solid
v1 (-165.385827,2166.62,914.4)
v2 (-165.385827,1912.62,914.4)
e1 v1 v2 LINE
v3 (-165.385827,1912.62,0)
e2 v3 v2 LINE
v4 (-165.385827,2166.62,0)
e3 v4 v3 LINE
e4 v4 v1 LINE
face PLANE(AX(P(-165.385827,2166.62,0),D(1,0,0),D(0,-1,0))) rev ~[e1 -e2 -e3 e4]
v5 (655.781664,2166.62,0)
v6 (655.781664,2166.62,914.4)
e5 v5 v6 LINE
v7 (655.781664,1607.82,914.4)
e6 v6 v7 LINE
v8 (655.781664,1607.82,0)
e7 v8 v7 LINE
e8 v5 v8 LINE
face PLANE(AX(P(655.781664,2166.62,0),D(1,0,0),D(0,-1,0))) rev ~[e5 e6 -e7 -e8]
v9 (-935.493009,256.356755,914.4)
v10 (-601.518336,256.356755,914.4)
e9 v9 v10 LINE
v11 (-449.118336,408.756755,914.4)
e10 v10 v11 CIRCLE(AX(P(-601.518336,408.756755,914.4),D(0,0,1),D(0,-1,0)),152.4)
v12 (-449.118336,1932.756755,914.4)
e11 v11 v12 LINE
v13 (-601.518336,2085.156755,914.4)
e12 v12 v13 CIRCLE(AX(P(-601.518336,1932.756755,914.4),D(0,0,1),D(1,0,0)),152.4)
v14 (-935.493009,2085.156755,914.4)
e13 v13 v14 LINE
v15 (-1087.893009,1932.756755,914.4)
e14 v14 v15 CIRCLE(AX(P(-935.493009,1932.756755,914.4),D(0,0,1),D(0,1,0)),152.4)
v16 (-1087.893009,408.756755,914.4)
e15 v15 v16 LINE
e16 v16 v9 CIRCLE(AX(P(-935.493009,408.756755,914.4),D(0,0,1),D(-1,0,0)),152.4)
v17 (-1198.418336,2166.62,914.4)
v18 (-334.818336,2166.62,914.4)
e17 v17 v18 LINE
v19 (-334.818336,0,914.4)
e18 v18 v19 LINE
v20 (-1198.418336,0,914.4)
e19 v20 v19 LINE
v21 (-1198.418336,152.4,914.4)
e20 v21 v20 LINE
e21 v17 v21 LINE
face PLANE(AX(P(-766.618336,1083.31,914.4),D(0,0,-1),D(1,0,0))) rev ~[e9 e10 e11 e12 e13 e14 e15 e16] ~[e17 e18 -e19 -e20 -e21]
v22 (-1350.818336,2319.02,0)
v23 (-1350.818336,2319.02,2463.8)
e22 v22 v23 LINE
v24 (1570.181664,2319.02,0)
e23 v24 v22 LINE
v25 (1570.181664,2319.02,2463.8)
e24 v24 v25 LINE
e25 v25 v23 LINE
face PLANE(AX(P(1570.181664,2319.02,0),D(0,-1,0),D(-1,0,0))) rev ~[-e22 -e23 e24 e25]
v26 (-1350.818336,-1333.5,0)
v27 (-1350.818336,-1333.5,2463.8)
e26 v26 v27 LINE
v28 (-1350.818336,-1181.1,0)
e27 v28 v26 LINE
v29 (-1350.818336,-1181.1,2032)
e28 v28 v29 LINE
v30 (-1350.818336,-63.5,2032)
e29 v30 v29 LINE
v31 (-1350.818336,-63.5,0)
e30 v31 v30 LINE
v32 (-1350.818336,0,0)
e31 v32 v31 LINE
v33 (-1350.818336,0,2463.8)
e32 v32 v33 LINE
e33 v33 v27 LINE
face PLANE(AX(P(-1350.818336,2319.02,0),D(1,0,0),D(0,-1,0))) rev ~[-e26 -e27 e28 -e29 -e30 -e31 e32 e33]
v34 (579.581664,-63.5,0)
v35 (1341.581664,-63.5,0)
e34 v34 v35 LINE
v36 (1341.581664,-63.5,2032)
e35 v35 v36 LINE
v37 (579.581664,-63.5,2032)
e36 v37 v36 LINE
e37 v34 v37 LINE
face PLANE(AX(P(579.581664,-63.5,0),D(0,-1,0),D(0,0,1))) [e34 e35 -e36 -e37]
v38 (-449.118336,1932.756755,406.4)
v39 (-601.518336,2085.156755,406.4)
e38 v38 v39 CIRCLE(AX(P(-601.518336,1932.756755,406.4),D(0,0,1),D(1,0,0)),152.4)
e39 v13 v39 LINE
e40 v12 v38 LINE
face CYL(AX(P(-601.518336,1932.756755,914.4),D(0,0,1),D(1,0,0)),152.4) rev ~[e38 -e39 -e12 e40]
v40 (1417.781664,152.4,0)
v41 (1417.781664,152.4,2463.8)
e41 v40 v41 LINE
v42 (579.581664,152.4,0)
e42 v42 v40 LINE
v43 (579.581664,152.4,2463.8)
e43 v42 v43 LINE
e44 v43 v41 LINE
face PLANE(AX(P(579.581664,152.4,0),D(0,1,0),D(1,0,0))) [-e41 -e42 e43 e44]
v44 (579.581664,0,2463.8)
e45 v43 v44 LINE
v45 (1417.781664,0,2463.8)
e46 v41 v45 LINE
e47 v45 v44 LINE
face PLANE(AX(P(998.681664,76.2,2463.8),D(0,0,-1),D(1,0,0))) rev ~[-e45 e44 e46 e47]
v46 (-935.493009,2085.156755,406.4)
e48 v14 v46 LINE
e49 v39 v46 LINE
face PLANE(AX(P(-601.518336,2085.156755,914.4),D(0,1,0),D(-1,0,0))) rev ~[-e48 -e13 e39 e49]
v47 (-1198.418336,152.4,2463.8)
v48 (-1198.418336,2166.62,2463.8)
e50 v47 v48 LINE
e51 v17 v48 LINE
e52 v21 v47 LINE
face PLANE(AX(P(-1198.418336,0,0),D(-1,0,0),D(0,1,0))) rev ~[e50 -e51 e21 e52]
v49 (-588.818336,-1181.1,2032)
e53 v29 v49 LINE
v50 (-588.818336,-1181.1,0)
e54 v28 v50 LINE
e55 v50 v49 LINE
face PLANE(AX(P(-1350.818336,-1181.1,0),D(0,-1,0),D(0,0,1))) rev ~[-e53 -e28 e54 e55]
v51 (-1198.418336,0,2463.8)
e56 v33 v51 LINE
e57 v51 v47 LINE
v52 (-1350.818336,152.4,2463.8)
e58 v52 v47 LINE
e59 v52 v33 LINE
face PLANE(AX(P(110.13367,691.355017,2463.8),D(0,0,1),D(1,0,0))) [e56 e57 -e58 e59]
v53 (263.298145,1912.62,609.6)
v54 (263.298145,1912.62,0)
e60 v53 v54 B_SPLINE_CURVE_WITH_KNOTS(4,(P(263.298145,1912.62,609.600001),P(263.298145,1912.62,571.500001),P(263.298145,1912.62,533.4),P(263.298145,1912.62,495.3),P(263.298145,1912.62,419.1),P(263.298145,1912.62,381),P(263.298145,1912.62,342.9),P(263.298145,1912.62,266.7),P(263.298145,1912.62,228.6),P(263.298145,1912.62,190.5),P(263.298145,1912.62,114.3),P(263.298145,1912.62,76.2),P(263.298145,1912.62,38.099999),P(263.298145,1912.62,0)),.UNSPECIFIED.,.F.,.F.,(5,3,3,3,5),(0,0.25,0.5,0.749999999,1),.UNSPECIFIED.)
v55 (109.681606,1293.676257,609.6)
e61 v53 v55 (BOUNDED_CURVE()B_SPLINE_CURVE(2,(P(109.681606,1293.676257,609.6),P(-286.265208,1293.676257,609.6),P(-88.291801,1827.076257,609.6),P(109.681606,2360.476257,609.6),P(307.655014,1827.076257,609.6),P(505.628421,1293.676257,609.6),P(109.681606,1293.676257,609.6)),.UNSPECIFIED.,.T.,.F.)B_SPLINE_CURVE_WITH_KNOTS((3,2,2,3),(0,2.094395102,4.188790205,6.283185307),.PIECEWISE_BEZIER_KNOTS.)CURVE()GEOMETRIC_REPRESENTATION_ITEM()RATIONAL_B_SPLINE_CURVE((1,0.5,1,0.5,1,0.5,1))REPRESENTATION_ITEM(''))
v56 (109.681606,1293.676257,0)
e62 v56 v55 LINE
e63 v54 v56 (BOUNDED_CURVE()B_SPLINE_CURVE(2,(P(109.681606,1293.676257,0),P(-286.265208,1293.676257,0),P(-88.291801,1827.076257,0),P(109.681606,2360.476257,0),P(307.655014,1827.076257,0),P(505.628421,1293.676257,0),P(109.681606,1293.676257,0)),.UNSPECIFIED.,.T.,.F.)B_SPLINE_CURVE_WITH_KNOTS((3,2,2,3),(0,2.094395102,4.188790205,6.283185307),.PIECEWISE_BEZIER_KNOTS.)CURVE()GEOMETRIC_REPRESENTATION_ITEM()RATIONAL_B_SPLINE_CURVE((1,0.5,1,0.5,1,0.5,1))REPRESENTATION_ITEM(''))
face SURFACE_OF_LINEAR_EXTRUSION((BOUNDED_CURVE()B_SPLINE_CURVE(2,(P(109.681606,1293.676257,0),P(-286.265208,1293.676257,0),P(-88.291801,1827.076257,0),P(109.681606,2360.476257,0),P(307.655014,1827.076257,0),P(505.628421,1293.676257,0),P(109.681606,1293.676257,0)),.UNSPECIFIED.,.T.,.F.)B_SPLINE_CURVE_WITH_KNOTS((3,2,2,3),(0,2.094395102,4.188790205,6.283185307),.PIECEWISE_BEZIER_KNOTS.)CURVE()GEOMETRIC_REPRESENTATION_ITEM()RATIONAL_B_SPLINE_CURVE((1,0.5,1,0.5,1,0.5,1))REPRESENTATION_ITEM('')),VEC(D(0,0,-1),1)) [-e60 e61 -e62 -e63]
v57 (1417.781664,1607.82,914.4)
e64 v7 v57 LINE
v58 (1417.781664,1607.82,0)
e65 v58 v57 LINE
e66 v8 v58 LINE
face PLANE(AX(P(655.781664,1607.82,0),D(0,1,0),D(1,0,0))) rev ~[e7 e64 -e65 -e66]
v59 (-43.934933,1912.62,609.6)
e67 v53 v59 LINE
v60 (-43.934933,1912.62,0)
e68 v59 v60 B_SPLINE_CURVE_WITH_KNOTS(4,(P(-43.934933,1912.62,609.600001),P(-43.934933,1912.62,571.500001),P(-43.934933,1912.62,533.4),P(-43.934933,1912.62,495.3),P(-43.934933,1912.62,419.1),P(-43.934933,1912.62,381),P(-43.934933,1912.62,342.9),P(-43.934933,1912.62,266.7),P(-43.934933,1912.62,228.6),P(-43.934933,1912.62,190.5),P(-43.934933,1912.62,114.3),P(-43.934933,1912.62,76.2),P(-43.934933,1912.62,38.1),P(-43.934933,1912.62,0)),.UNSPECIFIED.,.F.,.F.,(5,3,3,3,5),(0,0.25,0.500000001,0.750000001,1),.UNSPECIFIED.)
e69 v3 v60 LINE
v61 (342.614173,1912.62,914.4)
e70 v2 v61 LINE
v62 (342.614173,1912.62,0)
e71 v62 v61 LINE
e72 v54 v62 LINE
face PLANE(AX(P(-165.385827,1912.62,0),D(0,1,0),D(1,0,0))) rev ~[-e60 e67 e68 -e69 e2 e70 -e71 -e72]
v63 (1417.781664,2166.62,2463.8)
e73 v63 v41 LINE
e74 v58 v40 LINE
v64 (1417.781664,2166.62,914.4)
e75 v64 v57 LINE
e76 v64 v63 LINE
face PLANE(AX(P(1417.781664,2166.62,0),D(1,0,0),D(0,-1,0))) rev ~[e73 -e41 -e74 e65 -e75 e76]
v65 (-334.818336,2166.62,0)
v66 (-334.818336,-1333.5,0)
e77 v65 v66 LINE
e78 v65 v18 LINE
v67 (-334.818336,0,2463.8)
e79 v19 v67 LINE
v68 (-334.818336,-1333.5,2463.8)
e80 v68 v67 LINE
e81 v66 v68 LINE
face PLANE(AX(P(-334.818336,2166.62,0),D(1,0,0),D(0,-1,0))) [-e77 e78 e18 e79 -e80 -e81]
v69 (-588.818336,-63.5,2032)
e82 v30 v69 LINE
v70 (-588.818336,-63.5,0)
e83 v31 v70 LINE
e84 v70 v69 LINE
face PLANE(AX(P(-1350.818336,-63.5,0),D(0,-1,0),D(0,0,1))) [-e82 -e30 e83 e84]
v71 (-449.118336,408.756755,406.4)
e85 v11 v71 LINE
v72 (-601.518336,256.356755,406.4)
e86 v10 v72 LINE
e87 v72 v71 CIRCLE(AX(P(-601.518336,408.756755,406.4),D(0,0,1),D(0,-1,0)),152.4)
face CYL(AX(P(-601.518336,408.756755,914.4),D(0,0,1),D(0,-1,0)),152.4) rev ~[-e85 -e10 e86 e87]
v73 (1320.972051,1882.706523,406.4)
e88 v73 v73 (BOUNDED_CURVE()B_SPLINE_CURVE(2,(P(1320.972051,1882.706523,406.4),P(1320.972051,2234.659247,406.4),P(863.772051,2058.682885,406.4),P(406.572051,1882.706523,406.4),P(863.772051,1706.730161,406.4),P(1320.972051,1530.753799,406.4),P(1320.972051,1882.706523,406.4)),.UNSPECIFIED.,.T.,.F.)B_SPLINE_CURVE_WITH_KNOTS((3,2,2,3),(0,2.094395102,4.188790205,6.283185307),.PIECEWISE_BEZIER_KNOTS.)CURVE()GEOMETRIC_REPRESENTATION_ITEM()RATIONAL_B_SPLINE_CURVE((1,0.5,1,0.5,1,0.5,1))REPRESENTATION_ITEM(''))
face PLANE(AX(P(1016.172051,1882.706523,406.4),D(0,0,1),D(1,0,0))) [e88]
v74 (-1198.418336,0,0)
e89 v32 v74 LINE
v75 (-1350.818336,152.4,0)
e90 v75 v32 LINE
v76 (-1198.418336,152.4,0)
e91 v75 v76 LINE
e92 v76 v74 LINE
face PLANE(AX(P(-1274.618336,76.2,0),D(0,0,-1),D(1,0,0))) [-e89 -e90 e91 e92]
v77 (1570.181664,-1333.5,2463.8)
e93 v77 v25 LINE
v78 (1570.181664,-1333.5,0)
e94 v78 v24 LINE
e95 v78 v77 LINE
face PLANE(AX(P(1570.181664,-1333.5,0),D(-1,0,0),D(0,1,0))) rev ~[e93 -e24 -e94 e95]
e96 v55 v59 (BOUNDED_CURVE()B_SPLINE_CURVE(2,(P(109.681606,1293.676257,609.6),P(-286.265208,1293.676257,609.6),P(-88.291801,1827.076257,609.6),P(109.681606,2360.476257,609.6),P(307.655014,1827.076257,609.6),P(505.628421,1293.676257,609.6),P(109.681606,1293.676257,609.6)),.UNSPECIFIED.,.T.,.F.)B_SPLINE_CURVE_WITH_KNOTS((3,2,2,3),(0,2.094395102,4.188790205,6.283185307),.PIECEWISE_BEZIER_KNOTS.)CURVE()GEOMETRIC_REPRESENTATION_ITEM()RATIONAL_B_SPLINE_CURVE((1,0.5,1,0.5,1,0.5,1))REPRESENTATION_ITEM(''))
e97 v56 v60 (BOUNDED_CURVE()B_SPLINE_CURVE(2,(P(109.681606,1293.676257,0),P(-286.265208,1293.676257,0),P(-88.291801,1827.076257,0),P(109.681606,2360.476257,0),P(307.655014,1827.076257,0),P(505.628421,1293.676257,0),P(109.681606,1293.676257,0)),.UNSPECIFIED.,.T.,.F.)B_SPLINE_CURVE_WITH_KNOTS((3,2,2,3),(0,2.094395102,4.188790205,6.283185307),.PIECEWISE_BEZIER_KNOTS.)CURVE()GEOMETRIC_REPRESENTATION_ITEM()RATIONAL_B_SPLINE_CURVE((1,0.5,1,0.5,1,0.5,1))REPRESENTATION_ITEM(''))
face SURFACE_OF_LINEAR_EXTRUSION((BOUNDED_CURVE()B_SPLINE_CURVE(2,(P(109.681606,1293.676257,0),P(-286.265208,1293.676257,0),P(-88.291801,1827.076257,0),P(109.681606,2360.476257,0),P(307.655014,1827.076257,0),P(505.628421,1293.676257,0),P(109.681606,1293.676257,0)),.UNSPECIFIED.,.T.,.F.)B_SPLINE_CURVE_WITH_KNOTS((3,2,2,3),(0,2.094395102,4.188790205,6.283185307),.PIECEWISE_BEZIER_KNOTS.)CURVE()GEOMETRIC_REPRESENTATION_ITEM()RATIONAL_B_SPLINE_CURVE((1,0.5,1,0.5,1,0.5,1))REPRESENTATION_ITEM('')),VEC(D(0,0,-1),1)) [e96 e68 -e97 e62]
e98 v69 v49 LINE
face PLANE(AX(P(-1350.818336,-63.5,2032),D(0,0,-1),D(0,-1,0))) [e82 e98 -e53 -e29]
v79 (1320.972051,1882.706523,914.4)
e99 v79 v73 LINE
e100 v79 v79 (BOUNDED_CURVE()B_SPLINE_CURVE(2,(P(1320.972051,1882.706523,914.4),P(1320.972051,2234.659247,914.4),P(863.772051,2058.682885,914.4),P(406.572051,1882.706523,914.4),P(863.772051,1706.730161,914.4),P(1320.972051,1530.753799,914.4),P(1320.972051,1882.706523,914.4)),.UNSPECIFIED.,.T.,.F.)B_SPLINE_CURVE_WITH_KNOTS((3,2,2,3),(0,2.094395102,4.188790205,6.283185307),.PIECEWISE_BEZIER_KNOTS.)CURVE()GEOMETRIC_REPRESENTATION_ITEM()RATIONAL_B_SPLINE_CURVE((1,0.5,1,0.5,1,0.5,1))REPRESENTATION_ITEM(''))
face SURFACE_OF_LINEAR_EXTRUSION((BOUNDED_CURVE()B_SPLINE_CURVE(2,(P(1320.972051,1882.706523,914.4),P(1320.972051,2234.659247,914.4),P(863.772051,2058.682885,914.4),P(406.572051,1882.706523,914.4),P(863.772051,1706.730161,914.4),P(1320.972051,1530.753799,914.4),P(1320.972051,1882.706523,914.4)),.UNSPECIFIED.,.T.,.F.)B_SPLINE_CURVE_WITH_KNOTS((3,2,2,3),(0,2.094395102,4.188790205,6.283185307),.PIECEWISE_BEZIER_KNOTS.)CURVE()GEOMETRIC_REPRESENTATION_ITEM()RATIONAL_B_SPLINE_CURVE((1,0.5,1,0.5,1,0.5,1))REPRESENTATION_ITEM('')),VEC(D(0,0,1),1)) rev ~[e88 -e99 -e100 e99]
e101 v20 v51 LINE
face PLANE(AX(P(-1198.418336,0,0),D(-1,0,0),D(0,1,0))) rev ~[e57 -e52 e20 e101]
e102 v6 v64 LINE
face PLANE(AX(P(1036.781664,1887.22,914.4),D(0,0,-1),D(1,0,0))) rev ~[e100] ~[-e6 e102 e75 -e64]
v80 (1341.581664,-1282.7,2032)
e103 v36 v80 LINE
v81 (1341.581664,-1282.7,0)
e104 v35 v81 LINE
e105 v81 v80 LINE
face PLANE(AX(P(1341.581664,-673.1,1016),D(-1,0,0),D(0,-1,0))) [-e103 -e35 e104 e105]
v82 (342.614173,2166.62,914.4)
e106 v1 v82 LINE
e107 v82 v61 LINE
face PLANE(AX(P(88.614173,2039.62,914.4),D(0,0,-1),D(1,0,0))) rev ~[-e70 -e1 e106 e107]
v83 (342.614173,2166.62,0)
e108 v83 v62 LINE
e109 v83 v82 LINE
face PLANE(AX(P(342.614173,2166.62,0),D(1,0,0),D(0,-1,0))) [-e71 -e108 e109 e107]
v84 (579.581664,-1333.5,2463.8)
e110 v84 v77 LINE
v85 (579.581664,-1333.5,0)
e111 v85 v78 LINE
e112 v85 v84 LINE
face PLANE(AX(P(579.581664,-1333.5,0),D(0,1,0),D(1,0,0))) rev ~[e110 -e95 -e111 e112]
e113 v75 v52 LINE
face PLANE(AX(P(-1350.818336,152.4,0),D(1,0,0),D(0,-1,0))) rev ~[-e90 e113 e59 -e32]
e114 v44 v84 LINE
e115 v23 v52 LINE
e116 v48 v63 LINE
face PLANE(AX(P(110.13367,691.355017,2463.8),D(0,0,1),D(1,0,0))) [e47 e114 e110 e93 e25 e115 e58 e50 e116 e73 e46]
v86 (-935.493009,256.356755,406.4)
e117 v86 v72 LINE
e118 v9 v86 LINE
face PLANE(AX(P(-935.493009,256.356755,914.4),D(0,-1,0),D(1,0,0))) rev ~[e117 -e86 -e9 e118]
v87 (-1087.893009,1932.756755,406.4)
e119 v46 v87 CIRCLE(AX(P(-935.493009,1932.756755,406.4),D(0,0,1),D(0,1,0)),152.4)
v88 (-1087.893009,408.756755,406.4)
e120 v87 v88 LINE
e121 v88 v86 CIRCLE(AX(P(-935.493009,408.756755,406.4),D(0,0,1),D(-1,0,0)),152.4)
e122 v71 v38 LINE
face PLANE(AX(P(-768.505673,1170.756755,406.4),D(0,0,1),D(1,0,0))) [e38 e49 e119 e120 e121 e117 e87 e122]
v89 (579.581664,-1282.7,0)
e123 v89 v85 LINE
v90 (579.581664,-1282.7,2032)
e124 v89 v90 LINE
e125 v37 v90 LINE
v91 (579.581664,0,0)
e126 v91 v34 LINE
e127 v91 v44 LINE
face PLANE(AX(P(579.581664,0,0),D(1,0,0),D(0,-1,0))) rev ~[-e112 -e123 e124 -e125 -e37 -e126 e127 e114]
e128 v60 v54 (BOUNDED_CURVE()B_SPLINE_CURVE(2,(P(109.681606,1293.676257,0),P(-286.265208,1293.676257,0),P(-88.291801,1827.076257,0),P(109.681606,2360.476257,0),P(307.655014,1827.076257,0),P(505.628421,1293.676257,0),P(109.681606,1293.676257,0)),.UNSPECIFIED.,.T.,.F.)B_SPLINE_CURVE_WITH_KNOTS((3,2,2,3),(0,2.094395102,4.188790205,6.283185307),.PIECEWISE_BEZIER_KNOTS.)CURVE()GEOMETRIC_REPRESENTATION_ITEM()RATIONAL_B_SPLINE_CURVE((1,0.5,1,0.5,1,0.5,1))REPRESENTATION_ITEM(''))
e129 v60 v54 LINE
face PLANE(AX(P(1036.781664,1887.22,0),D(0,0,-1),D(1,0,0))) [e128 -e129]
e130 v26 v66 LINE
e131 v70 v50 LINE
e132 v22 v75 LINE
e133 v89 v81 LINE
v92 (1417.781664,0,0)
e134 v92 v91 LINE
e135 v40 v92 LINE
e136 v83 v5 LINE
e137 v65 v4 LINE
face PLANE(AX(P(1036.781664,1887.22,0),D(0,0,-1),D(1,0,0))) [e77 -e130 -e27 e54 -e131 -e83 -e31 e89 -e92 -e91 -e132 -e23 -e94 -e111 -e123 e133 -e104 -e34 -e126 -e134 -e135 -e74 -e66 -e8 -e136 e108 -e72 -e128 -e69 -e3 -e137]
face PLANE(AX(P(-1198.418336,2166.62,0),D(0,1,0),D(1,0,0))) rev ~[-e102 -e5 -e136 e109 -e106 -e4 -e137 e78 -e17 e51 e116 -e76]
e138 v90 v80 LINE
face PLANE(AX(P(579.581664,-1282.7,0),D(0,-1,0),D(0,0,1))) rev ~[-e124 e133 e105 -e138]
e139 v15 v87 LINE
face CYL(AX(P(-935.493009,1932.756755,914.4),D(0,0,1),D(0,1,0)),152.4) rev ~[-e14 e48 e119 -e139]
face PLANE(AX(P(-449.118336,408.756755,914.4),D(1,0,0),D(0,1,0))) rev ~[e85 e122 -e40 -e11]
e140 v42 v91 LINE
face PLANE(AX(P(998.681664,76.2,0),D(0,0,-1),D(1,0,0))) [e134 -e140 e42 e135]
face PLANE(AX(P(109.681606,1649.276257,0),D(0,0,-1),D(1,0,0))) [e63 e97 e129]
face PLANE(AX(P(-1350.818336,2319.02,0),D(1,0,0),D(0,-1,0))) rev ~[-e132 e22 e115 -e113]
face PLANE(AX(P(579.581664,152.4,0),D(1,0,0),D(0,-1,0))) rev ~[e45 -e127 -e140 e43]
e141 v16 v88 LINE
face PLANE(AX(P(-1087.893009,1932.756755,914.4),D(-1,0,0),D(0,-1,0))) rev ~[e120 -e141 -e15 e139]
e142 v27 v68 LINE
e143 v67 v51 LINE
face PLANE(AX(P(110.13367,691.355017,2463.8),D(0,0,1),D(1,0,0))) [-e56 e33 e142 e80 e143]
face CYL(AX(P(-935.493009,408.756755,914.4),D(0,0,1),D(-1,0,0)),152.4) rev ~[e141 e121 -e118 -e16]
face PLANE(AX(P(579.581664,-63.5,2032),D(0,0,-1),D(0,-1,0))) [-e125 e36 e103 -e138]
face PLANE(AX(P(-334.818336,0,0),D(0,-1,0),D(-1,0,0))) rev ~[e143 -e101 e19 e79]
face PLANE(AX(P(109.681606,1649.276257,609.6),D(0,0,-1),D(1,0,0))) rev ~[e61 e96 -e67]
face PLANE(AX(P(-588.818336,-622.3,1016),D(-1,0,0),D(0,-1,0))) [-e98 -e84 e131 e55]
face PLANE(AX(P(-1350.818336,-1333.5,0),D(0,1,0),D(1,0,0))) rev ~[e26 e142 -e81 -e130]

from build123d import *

# Parameters (mm, degrees)
F1_DEPTH  = 2463.8
F2_W      = 1117.6
F2_H      = 2032
F3_DEPTH  = 762
F4_W      = 1219.2
F4_H      = 2032
F5_DEPTH  = 762
F6_W      = 762
F6_H      = 558.8
F6_W_2    = 863.6
F6_H_2    = 2166.62
F6_W_3    = 508
F6_H_3    = 254
F7_DEPTH  = 914.4
F9_DEPTH  = 609.6
F11_DEPTH = 508
F12_W     = 838.2
F12_H     = 152.4
F12_W_2   = 152.4
F13_DEPTH = 2463.8


with BuildPart() as f1:
    # F0 (on Top) → F1 (new body)
    with BuildSketch(Plane.XY):
        Polygon((-334.8183358609, 0), (-1198.4183358609, 0), (-1198.4183358609, 2166.62), (1417.7816641391, 2166.62), (1417.7816641391, 0), (579.5816641391, 0), (579.5816641391, -1333.5), (1570.1816641391, -1333.5), (1570.1816641391, 0), (1570.1816641391, 2319.02), (-1350.8183358609, 2319.02), (-1350.8183358609, 0), (-1350.8183358609, -1333.5), (-334.8183358609, -1333.5), align=None)
    extrude(amount=F1_DEPTH)

    # F2 (on face) → F3 (cut)
    with BuildSketch(Plane(origin=(-1350.8183358609, 0, 0), x_dir=(0, -1, 0), z_dir=(-1, 0, 0))):
        with Locations((622.3, 1016)):
            Rectangle(F2_W, F2_H)
    extrude(amount=-F3_DEPTH, mode=Mode.SUBTRACT)

    # F4 (on face) → F5 (cut)
    with BuildSketch(Plane(origin=(579.5816641391, 0, 0), x_dir=(0, -1, 0), z_dir=(-1, 0, 0))):
        with Locations((673.1, 1016)):
            Rectangle(F4_W, F4_H)
    extrude(amount=-F5_DEPTH, mode=Mode.SUBTRACT)

    # F6 (on face) → F7 (join)
    with BuildSketch(Plane(origin=(0, 0, 0), x_dir=(1, 0, 0), z_dir=(0, 0, -1))):
        with Locations((1036.7816641391, -1887.22)):
            Rectangle(F6_W, F6_H)
        with Locations((-766.6183358609, -1083.31)):
            Rectangle(F6_W_2, F6_H_2)
        with Locations((88.6141725779, -2039.62)):
            Rectangle(F6_W_3, F6_H_3)
    extrude(amount=-F7_DEPTH)

    # F8 (on face) → F9 (join)
    with BuildSketch(Plane(origin=(0, 0, 0), x_dir=(1, 0, 0), z_dir=(0, 0, -1))):
        with BuildLine():
            add(Edge.make_bspline(
                [(109.6816062927, -1293.6762565613), (-286.2652083175, -1293.6762565613), (-88.2918010124, -1827.0762565613), (109.6816062927, -2360.4762565613), (307.6550135978, -1827.0762565613), (505.628420903, -1293.6762565613), (109.6816062927, -1293.6762565613)],
                knots=[0, 0, 0, 2.0943951024, 2.0943951024, 4.1887902048, 4.1887902048, 6.2831853072, 6.2831853072, 6.2831853072], degree=2, weights=[1, 0.5, 1, 0.5, 1, 0.5, 1]))
        make_face()
    extrude(amount=-F9_DEPTH)

    # F10 (on face) → F11 (cut)
    with BuildSketch(Plane.XY.offset(914.4)):
        with BuildLine():
            Line((-601.5183358609, 2085.1567547083), (-935.4930091858, 2085.1567547083))
            ThreePointArc((-935.4930091858, 2085.1567547083), (-1043.2560826386, 2040.5198281611), (-1087.8930091858, 1932.7567547083))
            Line((-1087.8930091858, 1932.7567547083), (-1087.8930091858, 408.7567547083))
            ThreePointArc((-1087.8930091858, 408.7567547083), (-1043.2560826386, 300.9936812555), (-935.4930091858, 256.3567547083))
            Line((-935.4930091858, 256.3567547083), (-601.5183358609, 256.3567547083))
            ThreePointArc((-601.5183358609, 256.3567547083), (-493.755262408, 300.9936812555), (-449.1183358609, 408.7567547083))
            Line((-449.1183358609, 408.7567547083), (-449.1183358609, 1932.7567547083))
            ThreePointArc((-449.1183358609, 1932.7567547083), (-493.755262408, 2040.5198281611), (-601.5183358609, 2085.1567547083))
        make_face()
        with BuildLine():
            add(Edge.make_bspline(
                [(1320.9720514297, 1882.7065229416), (1320.9720514297, 2234.6592470396), (863.7720514297, 2058.6828849906), (406.5720514297, 1882.7065229416), (863.7720514297, 1706.7301608926), (1320.9720514297, 1530.7537988436), (1320.9720514297, 1882.7065229416)],
                knots=[0, 0, 0, 2.0943951024, 2.0943951024, 4.1887902048, 4.1887902048, 6.2831853072, 6.2831853072, 6.2831853072], degree=2, weights=[1, 0.5, 1, 0.5, 1, 0.5, 1]))
        make_face()
    extrude(amount=-F11_DEPTH, mode=Mode.SUBTRACT)

    # F12 (on face) → F13 (join, through all)
    with BuildSketch(Plane(origin=(0, 0, 0), x_dir=(1, 0, 0), z_dir=(0, 0, -1))):
        with Locations((998.6816641391, -76.2)):
            Rectangle(F12_W, F12_H)
        with Locations((-1274.6183358609, -76.2)):
            Rectangle(F12_W_2, F12_H)
    extrude(amount=-F13_DEPTH)


solid = f1.part
